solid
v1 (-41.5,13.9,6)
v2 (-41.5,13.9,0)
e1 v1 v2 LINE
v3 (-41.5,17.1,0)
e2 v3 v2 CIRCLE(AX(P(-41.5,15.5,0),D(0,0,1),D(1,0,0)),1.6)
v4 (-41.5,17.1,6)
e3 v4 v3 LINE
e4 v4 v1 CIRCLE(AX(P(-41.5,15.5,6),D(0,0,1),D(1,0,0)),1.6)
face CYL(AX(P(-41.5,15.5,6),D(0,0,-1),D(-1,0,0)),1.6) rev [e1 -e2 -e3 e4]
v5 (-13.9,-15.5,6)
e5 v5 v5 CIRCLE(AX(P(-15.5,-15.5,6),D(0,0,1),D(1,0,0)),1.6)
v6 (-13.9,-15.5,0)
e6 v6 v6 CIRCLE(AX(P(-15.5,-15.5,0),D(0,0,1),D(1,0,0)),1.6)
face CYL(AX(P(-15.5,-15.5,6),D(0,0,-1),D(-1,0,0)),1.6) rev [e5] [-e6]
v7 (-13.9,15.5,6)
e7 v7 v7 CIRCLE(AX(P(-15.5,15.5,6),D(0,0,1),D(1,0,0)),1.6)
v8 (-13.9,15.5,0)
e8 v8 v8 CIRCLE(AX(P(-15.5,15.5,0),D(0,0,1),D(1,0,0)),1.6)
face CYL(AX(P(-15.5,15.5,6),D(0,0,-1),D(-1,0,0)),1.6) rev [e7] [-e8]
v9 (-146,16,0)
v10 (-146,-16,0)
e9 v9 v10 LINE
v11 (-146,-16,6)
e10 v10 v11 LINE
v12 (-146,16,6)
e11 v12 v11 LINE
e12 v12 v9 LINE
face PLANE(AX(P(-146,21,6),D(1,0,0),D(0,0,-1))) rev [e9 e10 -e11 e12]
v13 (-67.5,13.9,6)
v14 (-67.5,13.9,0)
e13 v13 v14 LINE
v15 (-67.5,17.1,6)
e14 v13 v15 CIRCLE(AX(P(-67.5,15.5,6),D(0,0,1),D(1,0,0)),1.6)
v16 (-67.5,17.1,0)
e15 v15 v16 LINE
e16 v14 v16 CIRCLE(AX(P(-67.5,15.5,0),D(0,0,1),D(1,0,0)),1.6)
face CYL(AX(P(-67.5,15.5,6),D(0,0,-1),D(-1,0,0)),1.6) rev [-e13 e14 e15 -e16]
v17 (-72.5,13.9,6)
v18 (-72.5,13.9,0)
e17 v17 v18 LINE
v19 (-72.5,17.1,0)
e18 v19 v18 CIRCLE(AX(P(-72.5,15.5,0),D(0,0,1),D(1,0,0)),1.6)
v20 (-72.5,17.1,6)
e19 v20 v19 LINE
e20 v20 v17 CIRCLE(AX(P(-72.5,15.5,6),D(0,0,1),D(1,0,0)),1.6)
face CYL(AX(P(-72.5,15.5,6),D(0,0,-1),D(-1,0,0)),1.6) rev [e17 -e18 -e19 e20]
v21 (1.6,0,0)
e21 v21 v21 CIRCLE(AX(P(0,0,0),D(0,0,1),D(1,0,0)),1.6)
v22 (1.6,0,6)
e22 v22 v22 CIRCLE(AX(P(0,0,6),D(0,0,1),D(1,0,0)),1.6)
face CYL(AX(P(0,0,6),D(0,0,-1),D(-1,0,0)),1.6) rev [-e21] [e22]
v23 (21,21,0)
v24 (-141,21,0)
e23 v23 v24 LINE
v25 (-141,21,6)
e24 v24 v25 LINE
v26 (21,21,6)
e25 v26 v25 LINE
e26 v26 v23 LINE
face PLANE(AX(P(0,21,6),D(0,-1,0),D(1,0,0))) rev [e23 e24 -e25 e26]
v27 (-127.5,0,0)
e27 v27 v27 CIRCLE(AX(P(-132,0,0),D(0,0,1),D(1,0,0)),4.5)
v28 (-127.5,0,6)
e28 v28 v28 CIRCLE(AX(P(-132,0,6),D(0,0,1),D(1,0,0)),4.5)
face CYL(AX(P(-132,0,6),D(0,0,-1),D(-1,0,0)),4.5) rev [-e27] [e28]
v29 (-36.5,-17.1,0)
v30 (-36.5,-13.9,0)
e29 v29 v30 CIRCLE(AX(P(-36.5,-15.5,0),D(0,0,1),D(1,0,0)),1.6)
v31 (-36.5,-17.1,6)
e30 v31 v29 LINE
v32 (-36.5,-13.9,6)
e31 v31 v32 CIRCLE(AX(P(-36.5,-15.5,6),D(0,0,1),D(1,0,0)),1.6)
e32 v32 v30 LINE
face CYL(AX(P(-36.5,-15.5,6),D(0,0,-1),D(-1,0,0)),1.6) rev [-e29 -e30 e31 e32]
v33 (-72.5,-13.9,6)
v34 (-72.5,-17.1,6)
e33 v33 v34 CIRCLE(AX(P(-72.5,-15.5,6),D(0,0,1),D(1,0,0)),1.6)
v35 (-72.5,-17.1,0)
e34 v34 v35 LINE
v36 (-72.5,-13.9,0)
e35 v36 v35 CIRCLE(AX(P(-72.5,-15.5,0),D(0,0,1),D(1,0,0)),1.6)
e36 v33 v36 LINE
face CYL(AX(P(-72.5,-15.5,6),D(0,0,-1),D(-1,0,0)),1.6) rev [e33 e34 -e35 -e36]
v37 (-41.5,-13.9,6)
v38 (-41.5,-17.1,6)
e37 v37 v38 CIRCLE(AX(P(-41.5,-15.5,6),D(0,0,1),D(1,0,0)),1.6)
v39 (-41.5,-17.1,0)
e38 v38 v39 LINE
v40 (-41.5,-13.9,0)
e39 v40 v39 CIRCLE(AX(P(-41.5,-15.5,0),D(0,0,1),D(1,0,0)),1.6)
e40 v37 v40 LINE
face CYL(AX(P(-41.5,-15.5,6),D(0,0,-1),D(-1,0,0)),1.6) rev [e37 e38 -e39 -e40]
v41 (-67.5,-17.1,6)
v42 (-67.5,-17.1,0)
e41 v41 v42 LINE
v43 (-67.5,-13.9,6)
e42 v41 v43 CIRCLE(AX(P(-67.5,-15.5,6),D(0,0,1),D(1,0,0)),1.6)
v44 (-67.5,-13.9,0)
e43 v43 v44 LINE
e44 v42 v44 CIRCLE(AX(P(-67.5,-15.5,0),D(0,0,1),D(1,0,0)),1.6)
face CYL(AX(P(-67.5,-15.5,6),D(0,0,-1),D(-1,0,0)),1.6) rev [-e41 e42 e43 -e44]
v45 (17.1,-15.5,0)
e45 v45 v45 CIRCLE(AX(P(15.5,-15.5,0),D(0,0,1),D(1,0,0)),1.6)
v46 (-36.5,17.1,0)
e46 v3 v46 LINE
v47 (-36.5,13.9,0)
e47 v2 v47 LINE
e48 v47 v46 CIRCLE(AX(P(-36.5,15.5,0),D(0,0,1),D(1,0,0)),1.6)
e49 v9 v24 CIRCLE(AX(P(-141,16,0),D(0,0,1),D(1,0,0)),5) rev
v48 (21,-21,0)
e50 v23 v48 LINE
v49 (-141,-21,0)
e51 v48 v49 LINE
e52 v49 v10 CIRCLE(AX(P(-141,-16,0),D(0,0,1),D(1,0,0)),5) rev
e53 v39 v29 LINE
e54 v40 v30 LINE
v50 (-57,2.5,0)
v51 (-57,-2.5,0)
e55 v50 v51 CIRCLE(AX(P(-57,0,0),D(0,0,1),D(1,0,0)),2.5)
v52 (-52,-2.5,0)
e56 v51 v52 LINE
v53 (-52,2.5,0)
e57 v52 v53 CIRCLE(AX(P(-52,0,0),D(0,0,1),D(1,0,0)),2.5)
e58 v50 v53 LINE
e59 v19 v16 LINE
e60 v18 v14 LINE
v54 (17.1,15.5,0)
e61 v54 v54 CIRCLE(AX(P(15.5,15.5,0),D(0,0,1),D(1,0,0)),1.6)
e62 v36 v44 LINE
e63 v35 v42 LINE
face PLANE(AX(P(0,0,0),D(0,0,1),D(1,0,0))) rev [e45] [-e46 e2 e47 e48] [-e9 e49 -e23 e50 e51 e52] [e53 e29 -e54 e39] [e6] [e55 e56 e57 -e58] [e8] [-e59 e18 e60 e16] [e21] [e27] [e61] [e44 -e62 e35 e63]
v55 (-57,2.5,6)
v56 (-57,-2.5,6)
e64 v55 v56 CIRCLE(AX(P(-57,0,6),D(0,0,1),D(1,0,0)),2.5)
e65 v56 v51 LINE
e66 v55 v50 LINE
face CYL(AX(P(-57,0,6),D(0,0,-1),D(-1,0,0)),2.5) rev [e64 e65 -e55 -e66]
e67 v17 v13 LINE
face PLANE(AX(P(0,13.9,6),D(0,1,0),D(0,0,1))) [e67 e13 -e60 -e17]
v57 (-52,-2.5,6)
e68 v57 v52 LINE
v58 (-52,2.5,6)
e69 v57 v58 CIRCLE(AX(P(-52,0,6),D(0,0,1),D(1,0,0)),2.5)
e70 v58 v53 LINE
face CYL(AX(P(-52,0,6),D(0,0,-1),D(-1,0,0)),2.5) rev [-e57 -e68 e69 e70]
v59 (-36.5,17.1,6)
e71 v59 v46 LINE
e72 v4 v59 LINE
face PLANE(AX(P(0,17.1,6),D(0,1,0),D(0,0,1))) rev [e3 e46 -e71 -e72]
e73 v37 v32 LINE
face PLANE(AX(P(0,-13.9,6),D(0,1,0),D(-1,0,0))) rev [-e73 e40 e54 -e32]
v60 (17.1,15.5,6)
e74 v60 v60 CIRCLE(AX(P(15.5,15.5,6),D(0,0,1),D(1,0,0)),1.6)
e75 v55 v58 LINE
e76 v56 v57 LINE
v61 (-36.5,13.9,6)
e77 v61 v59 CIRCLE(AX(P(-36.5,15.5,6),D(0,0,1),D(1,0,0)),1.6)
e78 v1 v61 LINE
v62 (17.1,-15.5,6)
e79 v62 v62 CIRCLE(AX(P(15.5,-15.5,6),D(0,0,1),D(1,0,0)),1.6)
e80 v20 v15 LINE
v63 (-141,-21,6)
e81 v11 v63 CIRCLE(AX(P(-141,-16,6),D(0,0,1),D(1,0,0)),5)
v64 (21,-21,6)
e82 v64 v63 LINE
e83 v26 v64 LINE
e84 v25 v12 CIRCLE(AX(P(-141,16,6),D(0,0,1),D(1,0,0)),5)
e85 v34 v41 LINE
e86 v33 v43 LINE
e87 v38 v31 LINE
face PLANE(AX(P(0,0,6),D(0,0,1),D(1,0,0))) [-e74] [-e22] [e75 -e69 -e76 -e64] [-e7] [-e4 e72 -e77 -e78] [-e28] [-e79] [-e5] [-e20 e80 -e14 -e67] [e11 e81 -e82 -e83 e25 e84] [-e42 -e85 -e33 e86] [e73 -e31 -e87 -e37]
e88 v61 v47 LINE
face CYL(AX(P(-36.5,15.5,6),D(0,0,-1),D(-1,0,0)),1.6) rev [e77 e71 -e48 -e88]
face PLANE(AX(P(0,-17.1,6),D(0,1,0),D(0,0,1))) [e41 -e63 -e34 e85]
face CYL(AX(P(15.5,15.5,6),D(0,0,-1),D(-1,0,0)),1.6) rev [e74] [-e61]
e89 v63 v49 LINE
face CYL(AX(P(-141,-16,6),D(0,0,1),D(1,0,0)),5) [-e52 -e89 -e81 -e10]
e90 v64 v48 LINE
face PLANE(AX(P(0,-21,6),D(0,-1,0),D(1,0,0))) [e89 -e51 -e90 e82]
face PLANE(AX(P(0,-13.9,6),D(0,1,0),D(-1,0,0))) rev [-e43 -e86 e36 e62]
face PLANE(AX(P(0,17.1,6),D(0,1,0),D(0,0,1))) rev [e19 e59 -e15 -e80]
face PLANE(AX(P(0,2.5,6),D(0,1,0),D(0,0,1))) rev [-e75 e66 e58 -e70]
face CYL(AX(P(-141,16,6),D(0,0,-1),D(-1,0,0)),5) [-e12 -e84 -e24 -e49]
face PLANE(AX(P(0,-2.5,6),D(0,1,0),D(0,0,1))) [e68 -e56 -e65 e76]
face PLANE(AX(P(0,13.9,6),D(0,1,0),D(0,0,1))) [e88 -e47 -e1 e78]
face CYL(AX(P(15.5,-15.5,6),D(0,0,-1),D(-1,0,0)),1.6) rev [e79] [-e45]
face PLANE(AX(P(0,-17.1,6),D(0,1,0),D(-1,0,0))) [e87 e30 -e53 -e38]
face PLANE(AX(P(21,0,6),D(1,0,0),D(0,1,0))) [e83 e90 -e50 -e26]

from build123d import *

# Parameters (mm, degrees)
SKETCH_1_W      = 63
SKETCH_1_H      = 42
SKETCH_1_R      = 4.5
SKETCH_1_W_2    = 10
SKETCH_1_W_3    = 42
SKETCH_1_R_2    = 1.6
SKETCH_1_W_4    = 5
EXTRUDE_1_DEPTH = 6
FILLET_1_R      = 5


with BuildPart() as part:
    # 草图1 → 凸台-拉伸1 (new body)
    # profile 1 of 7: a face of its own
    with BuildSketch(Plane.XY):
        with Locations((-109.5, 0)):
            Rectangle(SKETCH_1_W, SKETCH_1_H)
        with Locations((-132, 0)):
            Circle(SKETCH_1_R, mode=Mode.SUBTRACT)
    # profile 2 of 7: a face of its own
    with BuildSketch(Plane.XY):
        with BuildLine():
            Line((-73, 21), (-78, 21))
            Line((-78, 21), (-78, -21))
            Line((-78, -21), (-73, -21))
            Line((-73, -21), (-73, -17.019868415))
            ThreePointArc((-73, -17.019868415), (-74.1, -15.5), (-73, -13.980131585))
            Line((-73, -13.980131585), (-73, 13.980131585))
            ThreePointArc((-73, 13.980131585), (-74.1, 15.5), (-73, 17.019868415))
            Line((-73, 17.019868415), (-73, 21))
        make_face()
    # profile 3 of 7: a face of its own
    with BuildSketch(Plane.XY):
        with BuildLine():
            Line((-36, 21), (-73, 21))
            Line((-73, 21), (-73, 17.019868415))
            ThreePointArc((-73, 17.019868415), (-72.753190181, 17.079840097), (-72.5, 17.1))
            Line((-72.5, 17.1), (-67.5, 17.1))
            ThreePointArc((-67.5, 17.1), (-65.9, 15.5), (-67.5, 13.9))
            Line((-67.5, 13.9), (-72.5, 13.9))
            ThreePointArc((-72.5, 13.9), (-72.753190181, 13.920159903), (-73, 13.980131585))
            Line((-73, 13.980131585), (-73, -13.980131585))
            ThreePointArc((-73, -13.980131585), (-72.753190181, -13.920159903), (-72.5, -13.9))
            Line((-72.5, -13.9), (-67.5, -13.9))
            ThreePointArc((-67.5, -13.9), (-65.9, -15.5), (-67.5, -17.1))
            Line((-67.5, -17.1), (-72.5, -17.1))
            ThreePointArc((-72.5, -17.1), (-72.753190181, -17.079840097), (-73, -17.019868415))
            Line((-73, -17.019868415), (-73, -21))
            Line((-73, -21), (-36, -21))
            Line((-36, -21), (-36, -17.019868415))
            ThreePointArc((-36, -17.019868415), (-36.246809819, -17.079840097), (-36.5, -17.1))
            Line((-36.5, -17.1), (-41.5, -17.1))
            ThreePointArc((-41.5, -17.1), (-43.1, -15.5), (-41.5, -13.9))
            Line((-41.5, -13.9), (-36.5, -13.9))
            ThreePointArc((-36.5, -13.9), (-36.246809819, -13.920159903), (-36, -13.980131585))
            Line((-36, -13.980131585), (-36, 13.980131585))
            ThreePointArc((-36, 13.980131585), (-36.246809819, 13.920159903), (-36.5, 13.9))
            Line((-36.5, 13.9), (-41.5, 13.9))
            ThreePointArc((-41.5, 13.9), (-43.1, 15.5), (-41.5, 17.1))
            Line((-41.5, 17.1), (-36.5, 17.1))
            ThreePointArc((-36.5, 17.1), (-36.246809819, 17.079840097), (-36, 17.019868415))
            Line((-36, 17.019868415), (-36, 21))
        make_face()
        with BuildLine():
            ThreePointArc((-57, -2.5), (-59.5, 0), (-57, 2.5))
            Line((-57, 2.5), (-52, 2.5))
            ThreePointArc((-52, 2.5), (-49.5, 0), (-52, -2.5))
            Line((-52, -2.5), (-57, -2.5))
        make_face(mode=Mode.SUBTRACT)
    # profile 4 of 7: a face of its own
    with BuildSketch(Plane.XY):
        with BuildLine():
            Line((-31, 21), (-36, 21))
            Line((-36, 21), (-36, 17.019868415))
            ThreePointArc((-36, 17.019868415), (-34.9, 15.5), (-36, 13.980131585))
            Line((-36, 13.980131585), (-36, -13.980131585))
            ThreePointArc((-36, -13.980131585), (-34.9, -15.5), (-36, -17.019868415))
            Line((-36, -17.019868415), (-36, -21))
            Line((-36, -21), (-31, -21))
            Line((-31, -21), (-31, 21))
        make_face()
    # profile 5 of 7: a face of its own
    with BuildSketch(Plane.XY):
        with Locations((-26, 0)):
            Rectangle(SKETCH_1_W_2, SKETCH_1_H)
    # profile 6 of 7: a face of its own
    with BuildSketch(Plane.XY):
        Rectangle(SKETCH_1_W_3, SKETCH_1_H)
        with Locations((15.5, -15.5)):
            Circle(SKETCH_1_R_2, mode=Mode.SUBTRACT)
        with Locations((-15.5, -15.5)):
            Circle(SKETCH_1_R_2, mode=Mode.SUBTRACT)
        with Locations((15.5, 15.5)):
            Circle(SKETCH_1_R_2, mode=Mode.SUBTRACT)
        with Locations((-15.5, 15.5)):
            Circle(SKETCH_1_R_2, mode=Mode.SUBTRACT)
        Circle(SKETCH_1_R_2, mode=Mode.SUBTRACT)
    # profile 7 of 7: a face of its own
    with BuildSketch(Plane.XY):
        with Locations((-143.5, 0)):
            Rectangle(SKETCH_1_W_4, SKETCH_1_H)
    extrude(amount=EXTRUDE_1_DEPTH)

    # 圆角1
    fillet_1_edges = [part.edges().sort_by_distance(p)[0] for p in [
        (-146, 21, 3),
        (-146, -21, 3),
    ]]
    fillet(fillet_1_edges, radius=FILLET_1_R)


solid = part.part
